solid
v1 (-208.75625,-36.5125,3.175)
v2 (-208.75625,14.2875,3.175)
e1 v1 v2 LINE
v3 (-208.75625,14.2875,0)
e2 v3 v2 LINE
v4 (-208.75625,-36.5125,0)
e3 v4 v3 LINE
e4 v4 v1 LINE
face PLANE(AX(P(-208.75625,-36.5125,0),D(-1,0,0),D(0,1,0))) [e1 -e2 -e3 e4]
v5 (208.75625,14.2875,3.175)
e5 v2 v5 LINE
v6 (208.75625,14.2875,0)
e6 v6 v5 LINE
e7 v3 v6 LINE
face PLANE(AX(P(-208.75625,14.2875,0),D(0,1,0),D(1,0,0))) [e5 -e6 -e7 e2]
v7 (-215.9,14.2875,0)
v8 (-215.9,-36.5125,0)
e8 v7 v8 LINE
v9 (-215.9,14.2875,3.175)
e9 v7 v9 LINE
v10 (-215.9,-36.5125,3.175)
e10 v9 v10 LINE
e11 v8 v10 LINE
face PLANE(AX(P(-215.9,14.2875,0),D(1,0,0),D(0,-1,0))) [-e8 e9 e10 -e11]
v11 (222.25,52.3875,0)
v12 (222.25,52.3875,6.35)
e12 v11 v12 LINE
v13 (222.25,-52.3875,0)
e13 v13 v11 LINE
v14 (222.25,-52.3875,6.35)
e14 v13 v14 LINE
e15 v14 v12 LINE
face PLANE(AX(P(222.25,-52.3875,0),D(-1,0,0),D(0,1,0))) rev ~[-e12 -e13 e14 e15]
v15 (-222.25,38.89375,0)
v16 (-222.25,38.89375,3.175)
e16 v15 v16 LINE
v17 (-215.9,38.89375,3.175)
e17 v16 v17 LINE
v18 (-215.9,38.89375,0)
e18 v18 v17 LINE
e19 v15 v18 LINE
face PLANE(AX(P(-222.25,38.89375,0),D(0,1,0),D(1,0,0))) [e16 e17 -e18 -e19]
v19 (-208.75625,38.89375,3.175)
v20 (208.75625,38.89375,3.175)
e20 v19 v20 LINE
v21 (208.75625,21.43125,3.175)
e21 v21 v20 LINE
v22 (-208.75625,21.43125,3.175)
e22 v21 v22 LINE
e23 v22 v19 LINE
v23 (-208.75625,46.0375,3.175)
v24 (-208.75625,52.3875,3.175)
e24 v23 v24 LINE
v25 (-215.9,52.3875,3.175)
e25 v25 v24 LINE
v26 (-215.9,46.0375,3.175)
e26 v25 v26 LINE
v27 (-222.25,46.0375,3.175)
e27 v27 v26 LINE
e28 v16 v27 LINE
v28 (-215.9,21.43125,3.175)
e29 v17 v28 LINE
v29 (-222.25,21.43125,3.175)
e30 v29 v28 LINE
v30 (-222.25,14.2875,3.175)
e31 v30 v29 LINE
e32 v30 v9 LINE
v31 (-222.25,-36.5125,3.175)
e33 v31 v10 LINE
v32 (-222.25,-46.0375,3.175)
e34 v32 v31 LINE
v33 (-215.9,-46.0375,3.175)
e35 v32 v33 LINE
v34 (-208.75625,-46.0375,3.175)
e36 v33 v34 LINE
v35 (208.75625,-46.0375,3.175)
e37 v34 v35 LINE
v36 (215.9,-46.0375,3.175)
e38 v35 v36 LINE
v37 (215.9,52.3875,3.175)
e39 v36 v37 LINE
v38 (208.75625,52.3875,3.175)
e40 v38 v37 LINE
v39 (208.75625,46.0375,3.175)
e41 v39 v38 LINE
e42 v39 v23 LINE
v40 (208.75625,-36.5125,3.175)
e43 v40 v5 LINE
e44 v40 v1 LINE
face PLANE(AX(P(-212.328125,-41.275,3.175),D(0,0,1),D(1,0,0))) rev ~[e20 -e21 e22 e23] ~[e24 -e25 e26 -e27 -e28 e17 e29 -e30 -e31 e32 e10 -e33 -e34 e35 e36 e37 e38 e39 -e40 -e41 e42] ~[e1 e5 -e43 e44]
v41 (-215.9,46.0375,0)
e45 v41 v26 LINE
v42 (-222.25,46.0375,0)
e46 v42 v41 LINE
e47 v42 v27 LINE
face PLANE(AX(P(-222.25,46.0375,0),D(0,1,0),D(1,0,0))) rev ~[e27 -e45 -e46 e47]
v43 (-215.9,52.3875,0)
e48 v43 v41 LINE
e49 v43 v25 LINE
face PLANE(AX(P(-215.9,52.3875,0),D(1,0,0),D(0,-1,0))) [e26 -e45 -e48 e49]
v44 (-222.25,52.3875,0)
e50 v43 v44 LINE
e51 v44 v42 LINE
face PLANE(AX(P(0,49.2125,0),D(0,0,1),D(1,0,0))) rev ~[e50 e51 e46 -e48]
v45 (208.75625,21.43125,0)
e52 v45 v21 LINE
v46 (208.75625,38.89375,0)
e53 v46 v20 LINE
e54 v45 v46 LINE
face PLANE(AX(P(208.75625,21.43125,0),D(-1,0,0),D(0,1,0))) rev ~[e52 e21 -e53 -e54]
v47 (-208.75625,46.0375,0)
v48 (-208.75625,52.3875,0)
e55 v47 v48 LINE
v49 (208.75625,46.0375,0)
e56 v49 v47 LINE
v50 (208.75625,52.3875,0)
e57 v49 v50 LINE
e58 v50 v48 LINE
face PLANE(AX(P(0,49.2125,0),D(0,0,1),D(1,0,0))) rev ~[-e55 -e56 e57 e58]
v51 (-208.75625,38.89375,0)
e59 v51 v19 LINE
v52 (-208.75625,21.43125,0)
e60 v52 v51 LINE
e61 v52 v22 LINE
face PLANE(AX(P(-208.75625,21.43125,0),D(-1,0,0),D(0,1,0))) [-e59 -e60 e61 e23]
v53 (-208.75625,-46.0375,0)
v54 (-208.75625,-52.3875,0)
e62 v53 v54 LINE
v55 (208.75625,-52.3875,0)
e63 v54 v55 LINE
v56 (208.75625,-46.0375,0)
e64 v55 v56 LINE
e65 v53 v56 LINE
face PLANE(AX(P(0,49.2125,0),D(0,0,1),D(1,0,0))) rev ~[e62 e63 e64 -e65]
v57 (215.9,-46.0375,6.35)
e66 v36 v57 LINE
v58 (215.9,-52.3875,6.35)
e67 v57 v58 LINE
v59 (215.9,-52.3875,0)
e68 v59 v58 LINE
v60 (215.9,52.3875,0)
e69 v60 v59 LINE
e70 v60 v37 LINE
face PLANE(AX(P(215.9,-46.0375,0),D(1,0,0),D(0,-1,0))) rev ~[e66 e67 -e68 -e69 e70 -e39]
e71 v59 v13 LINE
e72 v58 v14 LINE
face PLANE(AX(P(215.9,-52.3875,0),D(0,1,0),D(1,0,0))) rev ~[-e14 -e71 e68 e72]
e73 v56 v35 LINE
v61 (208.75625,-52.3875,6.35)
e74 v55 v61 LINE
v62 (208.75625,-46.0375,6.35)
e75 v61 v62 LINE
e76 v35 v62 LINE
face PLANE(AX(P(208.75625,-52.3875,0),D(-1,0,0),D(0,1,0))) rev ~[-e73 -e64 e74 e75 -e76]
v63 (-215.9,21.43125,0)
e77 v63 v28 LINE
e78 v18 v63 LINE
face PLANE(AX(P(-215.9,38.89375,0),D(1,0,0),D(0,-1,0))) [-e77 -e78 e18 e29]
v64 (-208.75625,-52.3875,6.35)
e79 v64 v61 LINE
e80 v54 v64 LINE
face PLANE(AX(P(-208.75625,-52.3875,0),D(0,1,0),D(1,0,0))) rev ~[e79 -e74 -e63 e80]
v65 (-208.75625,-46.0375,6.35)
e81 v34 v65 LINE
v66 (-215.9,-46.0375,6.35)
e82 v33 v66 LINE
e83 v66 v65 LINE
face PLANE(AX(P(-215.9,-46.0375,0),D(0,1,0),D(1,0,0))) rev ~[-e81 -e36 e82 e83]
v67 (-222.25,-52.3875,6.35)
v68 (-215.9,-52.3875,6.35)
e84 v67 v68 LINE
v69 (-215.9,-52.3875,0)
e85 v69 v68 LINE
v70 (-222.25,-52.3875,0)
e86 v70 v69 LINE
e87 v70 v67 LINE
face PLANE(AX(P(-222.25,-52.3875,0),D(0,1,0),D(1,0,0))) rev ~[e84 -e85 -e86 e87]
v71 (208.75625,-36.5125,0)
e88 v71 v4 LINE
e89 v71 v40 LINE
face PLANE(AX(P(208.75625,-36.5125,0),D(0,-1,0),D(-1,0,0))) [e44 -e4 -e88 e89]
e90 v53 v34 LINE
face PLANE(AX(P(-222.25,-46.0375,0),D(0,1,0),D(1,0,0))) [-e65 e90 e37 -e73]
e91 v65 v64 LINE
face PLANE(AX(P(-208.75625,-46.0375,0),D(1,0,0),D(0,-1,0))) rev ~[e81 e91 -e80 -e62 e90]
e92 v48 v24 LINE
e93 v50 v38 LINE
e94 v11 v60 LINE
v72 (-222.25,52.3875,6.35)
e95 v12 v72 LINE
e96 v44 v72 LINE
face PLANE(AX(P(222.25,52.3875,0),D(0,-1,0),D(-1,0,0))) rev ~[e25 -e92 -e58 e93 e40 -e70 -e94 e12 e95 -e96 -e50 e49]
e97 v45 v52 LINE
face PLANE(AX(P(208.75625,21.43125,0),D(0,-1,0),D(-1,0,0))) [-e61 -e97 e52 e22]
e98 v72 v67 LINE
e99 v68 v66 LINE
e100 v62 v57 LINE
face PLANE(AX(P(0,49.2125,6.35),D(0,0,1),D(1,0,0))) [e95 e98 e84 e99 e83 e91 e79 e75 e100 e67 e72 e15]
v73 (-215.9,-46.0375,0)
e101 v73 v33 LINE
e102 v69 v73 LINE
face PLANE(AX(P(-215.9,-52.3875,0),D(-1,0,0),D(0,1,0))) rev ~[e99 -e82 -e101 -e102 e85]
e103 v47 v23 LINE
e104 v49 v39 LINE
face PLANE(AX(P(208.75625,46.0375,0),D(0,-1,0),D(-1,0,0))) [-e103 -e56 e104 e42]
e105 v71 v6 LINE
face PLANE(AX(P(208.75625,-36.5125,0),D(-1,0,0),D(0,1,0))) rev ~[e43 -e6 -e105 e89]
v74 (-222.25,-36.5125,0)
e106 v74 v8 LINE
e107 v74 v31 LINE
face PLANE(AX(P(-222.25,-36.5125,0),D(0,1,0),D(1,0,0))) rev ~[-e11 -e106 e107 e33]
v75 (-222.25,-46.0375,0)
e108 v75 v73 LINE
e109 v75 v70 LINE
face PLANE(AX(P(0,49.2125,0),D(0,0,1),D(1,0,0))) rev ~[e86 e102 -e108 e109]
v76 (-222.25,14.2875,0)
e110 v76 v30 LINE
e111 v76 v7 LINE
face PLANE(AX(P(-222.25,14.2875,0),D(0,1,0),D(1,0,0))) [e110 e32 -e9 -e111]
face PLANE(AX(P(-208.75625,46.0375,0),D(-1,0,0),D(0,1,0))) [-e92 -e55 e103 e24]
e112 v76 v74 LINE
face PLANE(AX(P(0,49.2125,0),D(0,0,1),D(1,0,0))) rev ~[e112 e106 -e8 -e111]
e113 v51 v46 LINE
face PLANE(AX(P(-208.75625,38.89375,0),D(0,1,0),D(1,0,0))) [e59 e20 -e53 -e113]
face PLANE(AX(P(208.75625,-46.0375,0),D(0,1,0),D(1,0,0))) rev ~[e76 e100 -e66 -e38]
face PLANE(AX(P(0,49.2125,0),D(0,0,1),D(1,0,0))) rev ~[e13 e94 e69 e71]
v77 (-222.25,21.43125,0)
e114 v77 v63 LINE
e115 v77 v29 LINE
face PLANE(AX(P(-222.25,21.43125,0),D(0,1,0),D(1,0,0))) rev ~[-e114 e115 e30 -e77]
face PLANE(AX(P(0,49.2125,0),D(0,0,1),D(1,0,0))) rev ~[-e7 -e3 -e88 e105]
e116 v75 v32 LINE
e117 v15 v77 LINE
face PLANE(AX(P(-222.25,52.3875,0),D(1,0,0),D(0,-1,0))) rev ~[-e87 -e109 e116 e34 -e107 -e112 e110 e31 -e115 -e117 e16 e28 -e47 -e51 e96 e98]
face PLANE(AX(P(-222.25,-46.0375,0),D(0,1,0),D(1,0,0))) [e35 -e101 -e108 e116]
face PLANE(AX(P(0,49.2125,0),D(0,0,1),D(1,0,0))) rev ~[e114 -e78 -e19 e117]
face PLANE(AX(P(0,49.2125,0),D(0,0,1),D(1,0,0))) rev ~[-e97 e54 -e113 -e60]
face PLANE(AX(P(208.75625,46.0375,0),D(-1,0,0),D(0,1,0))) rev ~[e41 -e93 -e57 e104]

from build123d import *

# Parameters (mm, degrees)
F0_W     = 417.5125
F0_H     = 6.35
F0_W_2   = 7.14375
F0_H_2   = 50.8
F0_H_3   = 17.4625
F0_H_4   = 7.14375
F0_W_3   = 6.35
F0_H_5   = 9.525
F1_DEPTH = 6.35
F2_DEPTH = 3.175


with BuildPart() as f1:
    # F0 (on Top) → F1 (new body)
    with BuildSketch(Plane.XY):
        with Locations((0, 49.2125)):
            Rectangle(F0_W, F0_H)
        with Locations((0, -49.2125)):
            Rectangle(F0_W, F0_H)
        with Locations((-212.328125, -11.1125)):
            Rectangle(F0_W_2, F0_H_2)
        with Locations((-212.328125, 30.1625)):
            Rectangle(F0_W_2, F0_H_3)
        with Locations((0, 42.465625)):
            Rectangle(F0_W, F0_H_4)
        with Locations((0, 17.859375)):
            Rectangle(F0_W, F0_H_4)
        Polygon((222.25, -52.3875), (222.25, 52.3875), (215.9, 52.3875), (215.9, 46.0375), (215.9, 38.89375), (215.9, 21.43125), (215.9, 14.2875), (215.9, -36.5125), (215.9, -46.0375), (215.9, -52.3875), align=None)
        with Locations((-219.075, -11.1125)):
            Rectangle(F0_W_3, F0_H_2)
        with Locations((0, -41.275)):
            Rectangle(F0_W, F0_H_5)
        with Locations((0, -11.1125)):
            Rectangle(F0_W, F0_H_2)
        with Locations((0, 30.1625)):
            Rectangle(F0_W, F0_H_3)
        with Locations((-219.075, 42.465625)):
            Rectangle(F0_W_3, F0_H_4)
        with Locations((-212.328125, 49.2125)):
            Rectangle(F0_W_2, F0_H)
        with Locations((212.328125, 49.2125)):
            Rectangle(F0_W_2, F0_H)
        with Locations((-219.075, 49.2125)):
            Rectangle(F0_W_3, F0_H)
        with Locations((-212.328125, 17.859375)):
            Rectangle(F0_W_2, F0_H_4)
        with Locations((-212.328125, 42.465625)):
            Rectangle(F0_W_2, F0_H_4)
        with Locations((212.328125, 30.1625)):
            Rectangle(F0_W_2, F0_H_3)
        with Locations((-219.075, 30.1625)):
            Rectangle(F0_W_3, F0_H_3)
        with Locations((-219.075, 17.859375)):
            Rectangle(F0_W_3, F0_H_4)
        with Locations((-219.075, -41.275)):
            Rectangle(F0_W_3, F0_H_5)
        with Locations((212.328125, -41.275)):
            Rectangle(F0_W_2, F0_H_5)
        with Locations((212.328125, 42.465625)):
            Rectangle(F0_W_2, F0_H_4)
        with Locations((212.328125, 17.859375)):
            Rectangle(F0_W_2, F0_H_4)
        with Locations((-212.328125, -41.275)):
            Rectangle(F0_W_2, F0_H_5)
        with Locations((-219.075, -49.2125)):
            Rectangle(F0_W_3, F0_H)
        with Locations((212.328125, -11.1125)):
            Rectangle(F0_W_2, F0_H_2)
    extrude(amount=F1_DEPTH)

    # F0 (on Top) → F2 (cut)
    with BuildSketch(Plane.XY):
        with Locations((-212.328125, -41.275)):
            Rectangle(F0_W_2, F0_H_5)
        with Locations((-212.328125, -11.1125)):
            Rectangle(F0_W_2, F0_H_2)
        with Locations((-212.328125, 17.859375)):
            Rectangle(F0_W_2, F0_H_4)
        with Locations((-212.328125, 30.1625)):
            Rectangle(F0_W_2, F0_H_3)
        with Locations((-212.328125, 42.465625)):
            Rectangle(F0_W_2, F0_H_4)
        with Locations((-212.328125, 49.2125)):
            Rectangle(F0_W_2, F0_H)
        with Locations((-219.075, 42.465625)):
            Rectangle(F0_W_3, F0_H_4)
        with Locations((-219.075, 17.859375)):
            Rectangle(F0_W_3, F0_H_4)
        with Locations((0, 17.859375)):
            Rectangle(F0_W, F0_H_4)
        with Locations((0, 42.465625)):
            Rectangle(F0_W, F0_H_4)
        with Locations((-219.075, -41.275)):
            Rectangle(F0_W_3, F0_H_5)
        with Locations((0, -41.275)):
            Rectangle(F0_W, F0_H_5)
        with Locations((212.328125, -41.275)):
            Rectangle(F0_W_2, F0_H_5)
        with Locations((212.328125, 17.859375)):
            Rectangle(F0_W_2, F0_H_4)
        with Locations((212.328125, 42.465625)):
            Rectangle(F0_W_2, F0_H_4)
        with Locations((212.328125, 49.2125)):
            Rectangle(F0_W_2, F0_H)
        with Locations((212.328125, 30.1625)):
            Rectangle(F0_W_2, F0_H_3)
        with Locations((212.328125, -11.1125)):
            Rectangle(F0_W_2, F0_H_2)
    extrude(amount=F2_DEPTH, mode=Mode.SUBTRACT)


solid = f1.part
